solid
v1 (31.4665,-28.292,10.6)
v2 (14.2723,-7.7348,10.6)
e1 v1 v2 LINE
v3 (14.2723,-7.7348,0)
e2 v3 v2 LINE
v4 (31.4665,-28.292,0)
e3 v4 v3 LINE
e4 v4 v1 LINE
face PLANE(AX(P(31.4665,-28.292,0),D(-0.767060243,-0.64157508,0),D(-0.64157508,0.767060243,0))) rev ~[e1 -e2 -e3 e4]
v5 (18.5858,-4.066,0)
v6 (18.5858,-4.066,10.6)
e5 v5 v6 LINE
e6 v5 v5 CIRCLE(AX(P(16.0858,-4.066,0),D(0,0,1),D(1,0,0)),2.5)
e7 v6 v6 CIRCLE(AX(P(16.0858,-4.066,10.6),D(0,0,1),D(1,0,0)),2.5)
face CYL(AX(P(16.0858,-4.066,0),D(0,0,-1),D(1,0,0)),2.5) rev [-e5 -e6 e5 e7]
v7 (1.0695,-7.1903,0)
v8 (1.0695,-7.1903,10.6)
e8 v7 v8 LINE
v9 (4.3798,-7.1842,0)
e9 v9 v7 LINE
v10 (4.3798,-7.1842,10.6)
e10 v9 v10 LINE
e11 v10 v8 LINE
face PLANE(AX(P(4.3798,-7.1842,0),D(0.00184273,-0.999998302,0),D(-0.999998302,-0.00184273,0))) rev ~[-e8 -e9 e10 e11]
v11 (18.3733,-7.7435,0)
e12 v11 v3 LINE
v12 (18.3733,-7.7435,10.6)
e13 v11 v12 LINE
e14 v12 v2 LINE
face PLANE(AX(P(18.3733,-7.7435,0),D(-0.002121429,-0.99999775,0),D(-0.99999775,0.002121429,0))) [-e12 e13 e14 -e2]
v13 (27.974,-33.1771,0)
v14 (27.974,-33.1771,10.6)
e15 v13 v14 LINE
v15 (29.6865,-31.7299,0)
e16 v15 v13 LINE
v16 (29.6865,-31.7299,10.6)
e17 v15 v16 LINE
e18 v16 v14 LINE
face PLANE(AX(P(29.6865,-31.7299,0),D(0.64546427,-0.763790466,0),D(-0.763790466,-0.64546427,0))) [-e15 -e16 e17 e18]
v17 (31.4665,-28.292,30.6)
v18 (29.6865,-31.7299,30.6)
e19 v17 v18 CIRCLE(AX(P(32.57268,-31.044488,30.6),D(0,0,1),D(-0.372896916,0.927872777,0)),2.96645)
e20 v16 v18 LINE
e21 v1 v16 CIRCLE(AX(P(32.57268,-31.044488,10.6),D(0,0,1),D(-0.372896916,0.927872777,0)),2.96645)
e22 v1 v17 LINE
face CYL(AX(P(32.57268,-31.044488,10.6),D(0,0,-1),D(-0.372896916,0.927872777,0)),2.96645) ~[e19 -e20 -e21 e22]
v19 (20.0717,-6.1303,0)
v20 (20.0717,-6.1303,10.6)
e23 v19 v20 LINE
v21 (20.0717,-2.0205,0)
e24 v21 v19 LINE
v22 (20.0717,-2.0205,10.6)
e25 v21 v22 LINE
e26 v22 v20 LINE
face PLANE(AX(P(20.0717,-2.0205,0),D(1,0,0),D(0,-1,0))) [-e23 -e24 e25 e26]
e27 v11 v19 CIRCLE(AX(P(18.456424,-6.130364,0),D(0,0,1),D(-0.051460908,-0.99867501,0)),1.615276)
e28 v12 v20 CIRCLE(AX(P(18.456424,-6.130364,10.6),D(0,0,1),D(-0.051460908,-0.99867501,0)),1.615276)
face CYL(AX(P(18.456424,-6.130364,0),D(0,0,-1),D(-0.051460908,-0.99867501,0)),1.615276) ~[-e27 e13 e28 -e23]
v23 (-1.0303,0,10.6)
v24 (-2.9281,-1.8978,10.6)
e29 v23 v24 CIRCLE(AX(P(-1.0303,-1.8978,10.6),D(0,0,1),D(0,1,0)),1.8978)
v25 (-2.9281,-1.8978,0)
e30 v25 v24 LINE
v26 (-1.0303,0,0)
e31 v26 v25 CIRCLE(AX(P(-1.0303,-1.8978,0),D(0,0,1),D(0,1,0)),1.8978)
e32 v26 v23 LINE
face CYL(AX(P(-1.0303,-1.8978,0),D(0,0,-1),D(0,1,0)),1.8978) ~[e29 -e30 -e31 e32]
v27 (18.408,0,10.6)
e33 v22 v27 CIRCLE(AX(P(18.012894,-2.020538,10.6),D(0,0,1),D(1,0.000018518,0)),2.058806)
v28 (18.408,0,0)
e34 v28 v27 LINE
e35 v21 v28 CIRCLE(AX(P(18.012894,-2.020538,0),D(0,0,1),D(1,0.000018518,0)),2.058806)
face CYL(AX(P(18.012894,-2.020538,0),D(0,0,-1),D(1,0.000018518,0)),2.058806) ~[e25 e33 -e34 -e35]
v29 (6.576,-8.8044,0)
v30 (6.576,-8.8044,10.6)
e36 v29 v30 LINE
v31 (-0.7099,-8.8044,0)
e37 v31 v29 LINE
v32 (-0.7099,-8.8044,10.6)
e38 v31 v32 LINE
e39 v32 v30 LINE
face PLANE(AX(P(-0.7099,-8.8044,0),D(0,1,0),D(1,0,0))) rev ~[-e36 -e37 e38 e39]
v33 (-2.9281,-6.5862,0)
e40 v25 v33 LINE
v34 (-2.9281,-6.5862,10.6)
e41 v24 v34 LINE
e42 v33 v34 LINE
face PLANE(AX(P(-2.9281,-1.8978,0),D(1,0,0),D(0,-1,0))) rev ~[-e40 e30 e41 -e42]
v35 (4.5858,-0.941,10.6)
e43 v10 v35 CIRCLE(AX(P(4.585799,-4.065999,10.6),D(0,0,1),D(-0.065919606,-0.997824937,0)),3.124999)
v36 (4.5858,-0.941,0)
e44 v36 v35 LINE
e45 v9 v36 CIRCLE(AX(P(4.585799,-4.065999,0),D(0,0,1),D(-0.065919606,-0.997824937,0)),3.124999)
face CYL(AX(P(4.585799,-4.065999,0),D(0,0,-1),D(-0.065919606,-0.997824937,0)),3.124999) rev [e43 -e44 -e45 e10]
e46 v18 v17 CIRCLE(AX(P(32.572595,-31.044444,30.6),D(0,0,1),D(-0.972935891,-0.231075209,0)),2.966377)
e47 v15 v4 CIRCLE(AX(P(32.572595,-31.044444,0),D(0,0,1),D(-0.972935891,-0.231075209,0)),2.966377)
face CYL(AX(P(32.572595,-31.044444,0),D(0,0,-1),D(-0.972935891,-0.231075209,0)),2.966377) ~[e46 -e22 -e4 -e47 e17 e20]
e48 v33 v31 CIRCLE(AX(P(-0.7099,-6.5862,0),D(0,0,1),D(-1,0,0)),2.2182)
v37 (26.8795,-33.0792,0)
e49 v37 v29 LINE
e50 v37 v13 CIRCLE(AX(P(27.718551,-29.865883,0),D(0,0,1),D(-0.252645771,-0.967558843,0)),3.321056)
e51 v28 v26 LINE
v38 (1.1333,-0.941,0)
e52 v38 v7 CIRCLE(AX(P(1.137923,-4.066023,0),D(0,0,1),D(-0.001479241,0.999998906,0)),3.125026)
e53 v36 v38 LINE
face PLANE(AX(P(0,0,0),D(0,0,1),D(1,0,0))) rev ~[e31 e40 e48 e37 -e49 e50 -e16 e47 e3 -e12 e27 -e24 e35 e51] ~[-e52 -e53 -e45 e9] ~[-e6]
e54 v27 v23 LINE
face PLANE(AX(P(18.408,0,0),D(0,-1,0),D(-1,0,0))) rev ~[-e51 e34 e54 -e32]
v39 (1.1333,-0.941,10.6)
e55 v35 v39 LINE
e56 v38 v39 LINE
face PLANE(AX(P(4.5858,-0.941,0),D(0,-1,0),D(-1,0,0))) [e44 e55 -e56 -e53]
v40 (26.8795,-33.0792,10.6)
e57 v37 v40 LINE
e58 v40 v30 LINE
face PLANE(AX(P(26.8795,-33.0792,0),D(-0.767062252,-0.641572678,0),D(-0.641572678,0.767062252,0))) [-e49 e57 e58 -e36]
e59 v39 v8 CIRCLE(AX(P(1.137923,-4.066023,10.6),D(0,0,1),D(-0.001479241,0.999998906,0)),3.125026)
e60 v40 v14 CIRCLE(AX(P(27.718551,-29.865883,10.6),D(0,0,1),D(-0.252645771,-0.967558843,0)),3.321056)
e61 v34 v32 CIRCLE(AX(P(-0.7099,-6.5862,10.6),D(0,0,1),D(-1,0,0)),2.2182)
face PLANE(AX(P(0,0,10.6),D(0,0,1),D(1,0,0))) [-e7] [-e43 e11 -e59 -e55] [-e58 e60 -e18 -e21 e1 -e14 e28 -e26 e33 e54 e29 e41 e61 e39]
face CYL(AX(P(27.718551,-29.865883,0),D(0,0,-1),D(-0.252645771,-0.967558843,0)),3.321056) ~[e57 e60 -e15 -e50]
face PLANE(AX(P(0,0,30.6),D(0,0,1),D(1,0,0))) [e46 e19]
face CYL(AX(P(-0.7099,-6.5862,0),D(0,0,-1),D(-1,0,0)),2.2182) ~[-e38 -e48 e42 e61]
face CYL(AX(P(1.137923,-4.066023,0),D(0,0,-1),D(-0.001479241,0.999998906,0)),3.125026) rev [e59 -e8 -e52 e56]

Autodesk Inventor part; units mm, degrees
ref_plane "YZ Plane" through (0, 0, 0) normal (1, 0, 0) x (0, 1, 0)
ref_plane "XZ Plane" through (0, 0, 0) normal (0, 1, 0) x (-1, 0, 0)
ref_plane "XY Plane" through (0, 0, 0) normal (0, 0, 1) x (1, 0, 0)
sketch "スケッチ1" plane through (0, 0, 0) normal (0, 0, 1) x (1, 0, 0)
  line L0 (18.3733, -7.7435) -> (14.2723, -7.7348)
  arc A0 (18.3733, -7.7435) -> (20.0717, -6.1303) centre (18.4564, -6.1303) ccw
  line L1 (20.0717, -2.0205) -> (20.0717, -6.1303)
  line L2 (18.408, 0) -> (-1.0303, 0)
  arc A1 (-1.0303, 0) -> (-2.9281, -1.8978) centre (-1.0303, -1.8978) ccw
  line L3 (-2.9281, -1.8978) -> (-2.9281, -6.5862)
  arc A2 (-2.9281, -6.5862) -> (-0.7099, -8.8044) centre (-0.7099, -6.5862) ccw
  arc A3 (26.8795, -33.0792) -> (27.974, -33.1771) centre (27.7186, -29.8656) ccw
  line L4 (29.6865, -31.7299) -> (27.974, -33.1771)
  arc A4 (29.6865, -31.7299) -> (31.4665, -28.292) centre (32.5726, -31.0444) ccw
  line L5 (31.4665, -28.292) -> (14.2723, -7.7348)
  circle A5 centre (16.0858, -4.066) radius 2.5
  line L6 (4.5858, -0.941) -> (1.1333, -0.941)
  arc A6 (4.3798, -7.1842) -> (4.5858, -0.941) centre (4.5858, -4.066) ccw
  line L7 (4.3798, -7.1842) -> (1.0695, -7.1903)
  arc A7 (1.1333, -0.941) -> (1.0695, -7.1903) centre (1.1379, -4.066) ccw
  line L8 (26.8795, -33.0792) -> (6.576, -8.8044)
  line L9 (-0.7099, -8.8044) -> (6.576, -8.8044)
  arc A8 (20.0717, -2.0205) -> (18.408, 0) centre (18.013, -2.0205) ccw
  point P0 (0, 0)
  dimension "d0" = 5
  dimension "d1" = 3.125
  dimension "d17" = 4.8539
  dimension "d24" = 11.5
  dimension "d29" = 14.9479
  dimension "d44" = 4.066
  dimension "d45" = 4.066
  dimension "d46" = 90
  dimension "d47" = 90
  dimension "d48" = 3.125
  dimension "d49" = 3.4479
extrude "押し出し1" add sketch "スケッチ1" along normal blind 10.6
sketch "スケッチ2" plane through (0, 0, 10.6) normal (0, 0, 1) x (1, 0, 0)
  point P0 (0, 0)
sketch "スケッチ3" plane through (0, 0, 10.6) normal (0, 0, 1) x (1, 0, 0)
  arc A0 (29.6865, -31.7299) -> (31.4665, -28.292) centre (32.5726, -31.0444) ccw projected
  arc A1 (31.4665, -28.292) -> (29.6865, -31.7299) centre (32.5726, -31.0444) ccw
  point P0 (0, 0)
extrude "押し出し2" add sketch "スケッチ3" along normal blind 20
equation "\"d45\" = d44"
equation "\"d48\" = d1"
properties part number "finger_2"
